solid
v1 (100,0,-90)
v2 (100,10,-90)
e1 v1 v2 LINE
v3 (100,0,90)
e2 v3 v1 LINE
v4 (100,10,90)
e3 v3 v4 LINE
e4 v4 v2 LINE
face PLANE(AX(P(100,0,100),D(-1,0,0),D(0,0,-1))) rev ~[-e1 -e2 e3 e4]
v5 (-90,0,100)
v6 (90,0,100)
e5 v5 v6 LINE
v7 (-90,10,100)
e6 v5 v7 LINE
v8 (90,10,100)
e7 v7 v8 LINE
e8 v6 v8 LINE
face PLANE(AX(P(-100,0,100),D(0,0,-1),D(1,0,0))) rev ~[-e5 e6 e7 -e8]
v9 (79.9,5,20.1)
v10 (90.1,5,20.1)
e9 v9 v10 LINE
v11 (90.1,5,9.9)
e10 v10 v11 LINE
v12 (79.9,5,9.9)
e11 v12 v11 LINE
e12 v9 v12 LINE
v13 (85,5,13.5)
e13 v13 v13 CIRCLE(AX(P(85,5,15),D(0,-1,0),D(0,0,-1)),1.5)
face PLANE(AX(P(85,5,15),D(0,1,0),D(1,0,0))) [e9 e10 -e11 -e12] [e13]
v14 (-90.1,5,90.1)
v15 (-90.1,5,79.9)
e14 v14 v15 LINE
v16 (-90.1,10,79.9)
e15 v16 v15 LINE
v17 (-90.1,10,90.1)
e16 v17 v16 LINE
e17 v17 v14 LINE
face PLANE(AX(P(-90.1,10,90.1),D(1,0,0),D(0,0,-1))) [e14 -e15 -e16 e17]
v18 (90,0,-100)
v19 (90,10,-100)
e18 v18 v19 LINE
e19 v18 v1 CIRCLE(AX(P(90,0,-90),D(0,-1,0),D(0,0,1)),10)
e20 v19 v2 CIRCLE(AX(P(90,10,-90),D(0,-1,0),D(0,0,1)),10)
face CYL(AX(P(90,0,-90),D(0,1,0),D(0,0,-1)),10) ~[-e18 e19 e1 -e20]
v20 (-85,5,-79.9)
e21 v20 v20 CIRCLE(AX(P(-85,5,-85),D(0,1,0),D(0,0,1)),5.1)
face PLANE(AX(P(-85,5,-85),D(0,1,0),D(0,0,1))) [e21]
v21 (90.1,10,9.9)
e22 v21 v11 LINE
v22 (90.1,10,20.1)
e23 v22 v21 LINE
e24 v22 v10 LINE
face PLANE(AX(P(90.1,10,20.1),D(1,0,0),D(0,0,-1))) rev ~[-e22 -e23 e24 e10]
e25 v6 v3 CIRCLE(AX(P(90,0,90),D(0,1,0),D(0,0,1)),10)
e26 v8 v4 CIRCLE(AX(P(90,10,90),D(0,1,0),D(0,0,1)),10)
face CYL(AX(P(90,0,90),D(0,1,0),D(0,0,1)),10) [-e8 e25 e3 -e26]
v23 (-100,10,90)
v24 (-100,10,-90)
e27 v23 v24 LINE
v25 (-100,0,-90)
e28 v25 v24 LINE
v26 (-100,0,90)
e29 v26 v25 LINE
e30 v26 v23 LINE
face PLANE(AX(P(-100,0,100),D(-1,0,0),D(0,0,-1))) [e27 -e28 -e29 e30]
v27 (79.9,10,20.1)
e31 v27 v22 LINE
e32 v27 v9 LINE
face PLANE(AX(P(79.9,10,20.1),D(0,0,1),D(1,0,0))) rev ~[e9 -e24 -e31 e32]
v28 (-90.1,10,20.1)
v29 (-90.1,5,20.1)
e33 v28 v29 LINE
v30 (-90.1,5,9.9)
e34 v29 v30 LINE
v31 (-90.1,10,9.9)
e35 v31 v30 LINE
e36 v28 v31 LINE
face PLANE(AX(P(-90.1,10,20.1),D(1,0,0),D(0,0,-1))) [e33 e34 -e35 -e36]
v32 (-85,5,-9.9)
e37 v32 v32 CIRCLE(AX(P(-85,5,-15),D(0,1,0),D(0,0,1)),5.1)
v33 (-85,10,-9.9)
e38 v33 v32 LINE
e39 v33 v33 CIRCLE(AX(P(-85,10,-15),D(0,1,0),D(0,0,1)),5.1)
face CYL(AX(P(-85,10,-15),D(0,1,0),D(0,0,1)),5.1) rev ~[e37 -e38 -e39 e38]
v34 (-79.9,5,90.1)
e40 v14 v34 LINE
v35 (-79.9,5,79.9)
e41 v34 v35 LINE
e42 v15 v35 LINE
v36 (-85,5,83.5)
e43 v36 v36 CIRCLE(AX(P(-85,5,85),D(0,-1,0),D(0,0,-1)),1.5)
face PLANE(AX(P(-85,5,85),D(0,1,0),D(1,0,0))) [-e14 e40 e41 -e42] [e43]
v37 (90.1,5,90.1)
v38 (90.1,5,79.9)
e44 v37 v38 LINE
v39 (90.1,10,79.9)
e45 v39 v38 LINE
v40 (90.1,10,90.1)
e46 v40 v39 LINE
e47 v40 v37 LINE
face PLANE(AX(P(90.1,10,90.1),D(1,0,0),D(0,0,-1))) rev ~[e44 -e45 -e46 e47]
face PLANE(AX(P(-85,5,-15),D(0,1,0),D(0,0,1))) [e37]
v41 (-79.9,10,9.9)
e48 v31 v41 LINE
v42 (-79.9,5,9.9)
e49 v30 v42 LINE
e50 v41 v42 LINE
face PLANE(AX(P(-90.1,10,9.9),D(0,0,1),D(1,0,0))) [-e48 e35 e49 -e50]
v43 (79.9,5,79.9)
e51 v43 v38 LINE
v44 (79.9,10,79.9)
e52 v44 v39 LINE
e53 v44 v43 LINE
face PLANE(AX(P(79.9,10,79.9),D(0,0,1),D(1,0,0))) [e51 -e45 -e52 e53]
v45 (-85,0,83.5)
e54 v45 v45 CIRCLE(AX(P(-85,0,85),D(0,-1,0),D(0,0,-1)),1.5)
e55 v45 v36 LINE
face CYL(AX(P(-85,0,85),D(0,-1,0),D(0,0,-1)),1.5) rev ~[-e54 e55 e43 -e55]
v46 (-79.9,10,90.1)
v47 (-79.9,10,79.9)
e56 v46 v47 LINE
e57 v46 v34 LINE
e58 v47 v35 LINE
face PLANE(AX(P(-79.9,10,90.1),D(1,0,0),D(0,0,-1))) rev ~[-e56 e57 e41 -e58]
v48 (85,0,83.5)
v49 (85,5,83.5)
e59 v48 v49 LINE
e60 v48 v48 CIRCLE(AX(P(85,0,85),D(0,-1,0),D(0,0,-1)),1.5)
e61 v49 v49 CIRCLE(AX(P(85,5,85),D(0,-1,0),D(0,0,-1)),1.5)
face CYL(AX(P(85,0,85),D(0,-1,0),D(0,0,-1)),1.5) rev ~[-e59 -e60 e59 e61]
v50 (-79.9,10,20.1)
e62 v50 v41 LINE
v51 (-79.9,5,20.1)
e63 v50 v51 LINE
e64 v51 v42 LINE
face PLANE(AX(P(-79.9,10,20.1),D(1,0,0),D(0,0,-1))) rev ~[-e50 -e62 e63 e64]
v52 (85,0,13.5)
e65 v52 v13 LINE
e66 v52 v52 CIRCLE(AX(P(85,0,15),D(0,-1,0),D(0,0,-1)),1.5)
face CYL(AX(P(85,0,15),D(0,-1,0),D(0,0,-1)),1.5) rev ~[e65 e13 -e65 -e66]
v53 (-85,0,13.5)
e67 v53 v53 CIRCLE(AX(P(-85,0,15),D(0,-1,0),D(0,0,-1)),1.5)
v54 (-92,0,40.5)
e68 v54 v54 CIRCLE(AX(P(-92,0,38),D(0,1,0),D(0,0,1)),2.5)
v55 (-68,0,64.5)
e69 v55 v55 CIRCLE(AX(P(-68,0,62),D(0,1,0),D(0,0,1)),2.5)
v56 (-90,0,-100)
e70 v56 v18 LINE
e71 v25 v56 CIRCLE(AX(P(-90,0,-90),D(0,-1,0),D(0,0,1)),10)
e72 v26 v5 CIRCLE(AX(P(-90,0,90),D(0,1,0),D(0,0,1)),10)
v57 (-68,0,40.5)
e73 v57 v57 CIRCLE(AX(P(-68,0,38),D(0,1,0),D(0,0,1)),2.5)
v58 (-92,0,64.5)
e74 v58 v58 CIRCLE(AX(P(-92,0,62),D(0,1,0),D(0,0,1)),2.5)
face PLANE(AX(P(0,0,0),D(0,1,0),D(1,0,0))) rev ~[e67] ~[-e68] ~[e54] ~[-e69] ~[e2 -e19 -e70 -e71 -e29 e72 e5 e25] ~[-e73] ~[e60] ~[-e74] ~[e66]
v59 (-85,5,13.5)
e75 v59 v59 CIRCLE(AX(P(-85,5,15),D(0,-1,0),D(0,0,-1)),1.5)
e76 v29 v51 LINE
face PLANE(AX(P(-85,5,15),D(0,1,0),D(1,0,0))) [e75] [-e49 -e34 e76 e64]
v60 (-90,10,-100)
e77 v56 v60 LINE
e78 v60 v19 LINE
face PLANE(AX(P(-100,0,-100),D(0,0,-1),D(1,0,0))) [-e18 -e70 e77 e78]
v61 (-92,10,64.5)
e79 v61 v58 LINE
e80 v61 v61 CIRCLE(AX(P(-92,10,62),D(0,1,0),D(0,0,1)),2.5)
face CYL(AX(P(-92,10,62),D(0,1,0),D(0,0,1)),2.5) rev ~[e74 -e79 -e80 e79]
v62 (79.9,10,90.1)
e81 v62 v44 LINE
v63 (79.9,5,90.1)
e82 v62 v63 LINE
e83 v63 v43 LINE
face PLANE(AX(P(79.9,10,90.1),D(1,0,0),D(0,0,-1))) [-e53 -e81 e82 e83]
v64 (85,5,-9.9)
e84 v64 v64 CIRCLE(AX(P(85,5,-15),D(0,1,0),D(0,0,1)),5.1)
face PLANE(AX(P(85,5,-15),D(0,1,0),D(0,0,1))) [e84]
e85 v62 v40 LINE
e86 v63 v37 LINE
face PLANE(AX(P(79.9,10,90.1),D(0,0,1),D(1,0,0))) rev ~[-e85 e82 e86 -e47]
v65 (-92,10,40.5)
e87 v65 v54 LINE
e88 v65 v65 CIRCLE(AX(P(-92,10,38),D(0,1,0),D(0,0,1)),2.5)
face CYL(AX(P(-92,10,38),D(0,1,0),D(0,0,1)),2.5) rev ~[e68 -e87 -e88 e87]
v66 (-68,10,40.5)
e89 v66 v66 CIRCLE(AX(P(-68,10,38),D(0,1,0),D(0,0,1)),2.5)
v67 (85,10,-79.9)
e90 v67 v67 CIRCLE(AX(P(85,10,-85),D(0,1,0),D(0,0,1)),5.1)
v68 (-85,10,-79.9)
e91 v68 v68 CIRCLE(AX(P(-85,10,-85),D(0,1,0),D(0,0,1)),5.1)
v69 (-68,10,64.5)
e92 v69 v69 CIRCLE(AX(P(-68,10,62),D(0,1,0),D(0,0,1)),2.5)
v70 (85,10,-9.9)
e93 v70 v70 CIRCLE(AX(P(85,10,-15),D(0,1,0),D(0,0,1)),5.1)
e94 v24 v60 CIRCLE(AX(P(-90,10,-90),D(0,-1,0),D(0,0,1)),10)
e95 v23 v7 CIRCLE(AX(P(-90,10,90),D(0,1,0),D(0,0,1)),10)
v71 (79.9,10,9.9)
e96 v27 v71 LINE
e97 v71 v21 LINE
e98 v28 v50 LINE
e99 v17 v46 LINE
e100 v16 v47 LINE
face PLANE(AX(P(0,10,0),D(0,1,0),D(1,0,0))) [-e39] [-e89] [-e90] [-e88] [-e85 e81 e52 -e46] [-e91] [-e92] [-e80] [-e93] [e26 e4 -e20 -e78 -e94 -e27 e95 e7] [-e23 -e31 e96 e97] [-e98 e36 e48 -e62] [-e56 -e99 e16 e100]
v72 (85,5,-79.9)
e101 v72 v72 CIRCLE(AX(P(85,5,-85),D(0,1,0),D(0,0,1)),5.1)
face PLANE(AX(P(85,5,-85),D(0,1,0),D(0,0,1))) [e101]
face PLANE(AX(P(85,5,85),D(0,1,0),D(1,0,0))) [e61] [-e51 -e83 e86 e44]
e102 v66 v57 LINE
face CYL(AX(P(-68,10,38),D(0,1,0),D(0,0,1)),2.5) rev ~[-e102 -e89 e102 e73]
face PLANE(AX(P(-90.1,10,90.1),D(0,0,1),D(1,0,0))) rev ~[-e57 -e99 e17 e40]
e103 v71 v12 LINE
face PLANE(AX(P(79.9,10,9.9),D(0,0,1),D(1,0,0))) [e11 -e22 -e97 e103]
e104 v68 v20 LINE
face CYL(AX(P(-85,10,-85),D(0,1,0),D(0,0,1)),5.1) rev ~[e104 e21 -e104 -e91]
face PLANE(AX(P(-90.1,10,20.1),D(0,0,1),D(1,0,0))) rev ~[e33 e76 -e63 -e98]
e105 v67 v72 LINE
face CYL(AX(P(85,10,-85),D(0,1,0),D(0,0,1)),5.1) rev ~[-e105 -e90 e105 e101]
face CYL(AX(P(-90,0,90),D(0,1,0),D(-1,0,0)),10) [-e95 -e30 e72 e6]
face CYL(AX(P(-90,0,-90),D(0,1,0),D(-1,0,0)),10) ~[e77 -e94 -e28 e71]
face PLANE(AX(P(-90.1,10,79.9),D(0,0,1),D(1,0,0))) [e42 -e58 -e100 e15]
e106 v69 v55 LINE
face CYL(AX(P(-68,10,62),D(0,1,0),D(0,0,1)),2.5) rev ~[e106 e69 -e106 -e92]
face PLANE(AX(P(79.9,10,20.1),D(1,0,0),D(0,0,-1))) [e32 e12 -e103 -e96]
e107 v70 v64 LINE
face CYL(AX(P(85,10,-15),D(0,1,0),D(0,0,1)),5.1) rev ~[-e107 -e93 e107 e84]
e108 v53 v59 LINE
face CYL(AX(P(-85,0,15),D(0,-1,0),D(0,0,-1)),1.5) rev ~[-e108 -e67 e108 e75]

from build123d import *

# Parameters (mm, degrees)
SKETCH_1_W          = 200
SKETCH_1_H          = 200
EXTRUDE_1_DEPTH     = 10
SKETCH_2_W          = 10.2
SKETCH_2_H          = 10.2
CUT_EXTRUDE_3_DEPTH = 5
FILLET_1_R          = 10
SKETCH_3_R          = 5.1
CUT_EXTRUDE_1_DEPTH = 5
SKETCH_4_R          = 2.5
CUT_EXTRUDE_2_DEPTH = 142.774468788
SKETCH_5_R          = 1.5
CUT_EXTRUDE_4_DEPTH = 142.774468788


with BuildPart() as part:
    # ｽｹｯﾁ1 → ﾎﾞｽ - 押し出し1 (new body)
    with BuildSketch(Plane(origin=(0, 0, 0), x_dir=(1, 0, 0), z_dir=(0, 1, 0))):
        Rectangle(SKETCH_1_W, SKETCH_1_H)
    extrude(amount=EXTRUDE_1_DEPTH)

    # ｽｹｯﾁ2 → ｶｯﾄ - 押し出し3 (cut)
    with BuildSketch(Plane(origin=(0, 10, 0), x_dir=(1, 0, 0), z_dir=(0, 1, 0))):
        with Locations((-85, -15)):
            Rectangle(SKETCH_2_W, SKETCH_2_H)
        with Locations((85, -15)):
            Rectangle(SKETCH_2_W, SKETCH_2_H)
        with Locations((-85, -85)):
            Rectangle(SKETCH_2_W, SKETCH_2_H)
        with Locations((85, -85)):
            Rectangle(SKETCH_2_W, SKETCH_2_H)
    extrude(amount=-CUT_EXTRUDE_3_DEPTH, mode=Mode.SUBTRACT)

    # ﾌｨﾚｯﾄ1
    fillet_1_edges = [part.edges().sort_by_distance(p)[0] for p in [
        (100, 5, 100),
        (-100, 5, 100),
        (-100, 5, -100),
        (100, 5, -100),
    ]]
    fillet(fillet_1_edges, radius=FILLET_1_R)

    # ｽｹｯﾁ3 → ｶｯﾄ - 押し出し1 (cut)
    with BuildSketch(Plane(origin=(0, 10, 0), x_dir=(1, 0, 0), z_dir=(0, 1, 0))):
        with Locations(Location((-85, 85, 0), (0, 0, 270))):
            Circle(SKETCH_3_R)
        with Locations(Location((85, 85, 0), (0, 0, 270))):
            Circle(SKETCH_3_R)
        with Locations(Location((-85, 15, 0), (0, 0, 270))):
            Circle(SKETCH_3_R)
        with Locations(Location((85, 15, 0), (0, 0, 270))):
            Circle(SKETCH_3_R)
    extrude(amount=-CUT_EXTRUDE_1_DEPTH, mode=Mode.SUBTRACT)

    # ｽｹｯﾁ4 → ｶｯﾄ - 押し出し2 (cut, through all)
    with BuildSketch(Plane(origin=(0, 10, 0), x_dir=(1, 0, 0), z_dir=(0, 1, 0))):
        with Locations(Location((-68, -38, 0), (0, 0, 270))):
            Circle(SKETCH_4_R)
        with Locations(Location((-68, -62, 0), (0, 0, 270))):
            Circle(SKETCH_4_R)
        with Locations(Location((-92, -62, 0), (0, 0, 270))):
            Circle(SKETCH_4_R)
        with Locations(Location((-92, -38, 0), (0, 0, 270))):
            Circle(SKETCH_4_R)
    extrude(amount=-CUT_EXTRUDE_2_DEPTH, mode=Mode.SUBTRACT)

    # ｽｹｯﾁ5 → ｶｯﾄ - 押し出し4 (cut, through all)
    with BuildSketch(Plane.XZ):
        with Locations(Location((-85, 85, 0), (0, 0, 270))):
            Circle(SKETCH_5_R)
        with Locations(Location((85, 85, 0), (0, 0, 270))):
            Circle(SKETCH_5_R)
        with Locations(Location((-85, 15, 0), (0, 0, 270))):
            Circle(SKETCH_5_R)
        with Locations(Location((85, 15, 0), (0, 0, 270))):
            Circle(SKETCH_5_R)
    extrude(amount=-CUT_EXTRUDE_4_DEPTH, mode=Mode.SUBTRACT)


solid = part.part
